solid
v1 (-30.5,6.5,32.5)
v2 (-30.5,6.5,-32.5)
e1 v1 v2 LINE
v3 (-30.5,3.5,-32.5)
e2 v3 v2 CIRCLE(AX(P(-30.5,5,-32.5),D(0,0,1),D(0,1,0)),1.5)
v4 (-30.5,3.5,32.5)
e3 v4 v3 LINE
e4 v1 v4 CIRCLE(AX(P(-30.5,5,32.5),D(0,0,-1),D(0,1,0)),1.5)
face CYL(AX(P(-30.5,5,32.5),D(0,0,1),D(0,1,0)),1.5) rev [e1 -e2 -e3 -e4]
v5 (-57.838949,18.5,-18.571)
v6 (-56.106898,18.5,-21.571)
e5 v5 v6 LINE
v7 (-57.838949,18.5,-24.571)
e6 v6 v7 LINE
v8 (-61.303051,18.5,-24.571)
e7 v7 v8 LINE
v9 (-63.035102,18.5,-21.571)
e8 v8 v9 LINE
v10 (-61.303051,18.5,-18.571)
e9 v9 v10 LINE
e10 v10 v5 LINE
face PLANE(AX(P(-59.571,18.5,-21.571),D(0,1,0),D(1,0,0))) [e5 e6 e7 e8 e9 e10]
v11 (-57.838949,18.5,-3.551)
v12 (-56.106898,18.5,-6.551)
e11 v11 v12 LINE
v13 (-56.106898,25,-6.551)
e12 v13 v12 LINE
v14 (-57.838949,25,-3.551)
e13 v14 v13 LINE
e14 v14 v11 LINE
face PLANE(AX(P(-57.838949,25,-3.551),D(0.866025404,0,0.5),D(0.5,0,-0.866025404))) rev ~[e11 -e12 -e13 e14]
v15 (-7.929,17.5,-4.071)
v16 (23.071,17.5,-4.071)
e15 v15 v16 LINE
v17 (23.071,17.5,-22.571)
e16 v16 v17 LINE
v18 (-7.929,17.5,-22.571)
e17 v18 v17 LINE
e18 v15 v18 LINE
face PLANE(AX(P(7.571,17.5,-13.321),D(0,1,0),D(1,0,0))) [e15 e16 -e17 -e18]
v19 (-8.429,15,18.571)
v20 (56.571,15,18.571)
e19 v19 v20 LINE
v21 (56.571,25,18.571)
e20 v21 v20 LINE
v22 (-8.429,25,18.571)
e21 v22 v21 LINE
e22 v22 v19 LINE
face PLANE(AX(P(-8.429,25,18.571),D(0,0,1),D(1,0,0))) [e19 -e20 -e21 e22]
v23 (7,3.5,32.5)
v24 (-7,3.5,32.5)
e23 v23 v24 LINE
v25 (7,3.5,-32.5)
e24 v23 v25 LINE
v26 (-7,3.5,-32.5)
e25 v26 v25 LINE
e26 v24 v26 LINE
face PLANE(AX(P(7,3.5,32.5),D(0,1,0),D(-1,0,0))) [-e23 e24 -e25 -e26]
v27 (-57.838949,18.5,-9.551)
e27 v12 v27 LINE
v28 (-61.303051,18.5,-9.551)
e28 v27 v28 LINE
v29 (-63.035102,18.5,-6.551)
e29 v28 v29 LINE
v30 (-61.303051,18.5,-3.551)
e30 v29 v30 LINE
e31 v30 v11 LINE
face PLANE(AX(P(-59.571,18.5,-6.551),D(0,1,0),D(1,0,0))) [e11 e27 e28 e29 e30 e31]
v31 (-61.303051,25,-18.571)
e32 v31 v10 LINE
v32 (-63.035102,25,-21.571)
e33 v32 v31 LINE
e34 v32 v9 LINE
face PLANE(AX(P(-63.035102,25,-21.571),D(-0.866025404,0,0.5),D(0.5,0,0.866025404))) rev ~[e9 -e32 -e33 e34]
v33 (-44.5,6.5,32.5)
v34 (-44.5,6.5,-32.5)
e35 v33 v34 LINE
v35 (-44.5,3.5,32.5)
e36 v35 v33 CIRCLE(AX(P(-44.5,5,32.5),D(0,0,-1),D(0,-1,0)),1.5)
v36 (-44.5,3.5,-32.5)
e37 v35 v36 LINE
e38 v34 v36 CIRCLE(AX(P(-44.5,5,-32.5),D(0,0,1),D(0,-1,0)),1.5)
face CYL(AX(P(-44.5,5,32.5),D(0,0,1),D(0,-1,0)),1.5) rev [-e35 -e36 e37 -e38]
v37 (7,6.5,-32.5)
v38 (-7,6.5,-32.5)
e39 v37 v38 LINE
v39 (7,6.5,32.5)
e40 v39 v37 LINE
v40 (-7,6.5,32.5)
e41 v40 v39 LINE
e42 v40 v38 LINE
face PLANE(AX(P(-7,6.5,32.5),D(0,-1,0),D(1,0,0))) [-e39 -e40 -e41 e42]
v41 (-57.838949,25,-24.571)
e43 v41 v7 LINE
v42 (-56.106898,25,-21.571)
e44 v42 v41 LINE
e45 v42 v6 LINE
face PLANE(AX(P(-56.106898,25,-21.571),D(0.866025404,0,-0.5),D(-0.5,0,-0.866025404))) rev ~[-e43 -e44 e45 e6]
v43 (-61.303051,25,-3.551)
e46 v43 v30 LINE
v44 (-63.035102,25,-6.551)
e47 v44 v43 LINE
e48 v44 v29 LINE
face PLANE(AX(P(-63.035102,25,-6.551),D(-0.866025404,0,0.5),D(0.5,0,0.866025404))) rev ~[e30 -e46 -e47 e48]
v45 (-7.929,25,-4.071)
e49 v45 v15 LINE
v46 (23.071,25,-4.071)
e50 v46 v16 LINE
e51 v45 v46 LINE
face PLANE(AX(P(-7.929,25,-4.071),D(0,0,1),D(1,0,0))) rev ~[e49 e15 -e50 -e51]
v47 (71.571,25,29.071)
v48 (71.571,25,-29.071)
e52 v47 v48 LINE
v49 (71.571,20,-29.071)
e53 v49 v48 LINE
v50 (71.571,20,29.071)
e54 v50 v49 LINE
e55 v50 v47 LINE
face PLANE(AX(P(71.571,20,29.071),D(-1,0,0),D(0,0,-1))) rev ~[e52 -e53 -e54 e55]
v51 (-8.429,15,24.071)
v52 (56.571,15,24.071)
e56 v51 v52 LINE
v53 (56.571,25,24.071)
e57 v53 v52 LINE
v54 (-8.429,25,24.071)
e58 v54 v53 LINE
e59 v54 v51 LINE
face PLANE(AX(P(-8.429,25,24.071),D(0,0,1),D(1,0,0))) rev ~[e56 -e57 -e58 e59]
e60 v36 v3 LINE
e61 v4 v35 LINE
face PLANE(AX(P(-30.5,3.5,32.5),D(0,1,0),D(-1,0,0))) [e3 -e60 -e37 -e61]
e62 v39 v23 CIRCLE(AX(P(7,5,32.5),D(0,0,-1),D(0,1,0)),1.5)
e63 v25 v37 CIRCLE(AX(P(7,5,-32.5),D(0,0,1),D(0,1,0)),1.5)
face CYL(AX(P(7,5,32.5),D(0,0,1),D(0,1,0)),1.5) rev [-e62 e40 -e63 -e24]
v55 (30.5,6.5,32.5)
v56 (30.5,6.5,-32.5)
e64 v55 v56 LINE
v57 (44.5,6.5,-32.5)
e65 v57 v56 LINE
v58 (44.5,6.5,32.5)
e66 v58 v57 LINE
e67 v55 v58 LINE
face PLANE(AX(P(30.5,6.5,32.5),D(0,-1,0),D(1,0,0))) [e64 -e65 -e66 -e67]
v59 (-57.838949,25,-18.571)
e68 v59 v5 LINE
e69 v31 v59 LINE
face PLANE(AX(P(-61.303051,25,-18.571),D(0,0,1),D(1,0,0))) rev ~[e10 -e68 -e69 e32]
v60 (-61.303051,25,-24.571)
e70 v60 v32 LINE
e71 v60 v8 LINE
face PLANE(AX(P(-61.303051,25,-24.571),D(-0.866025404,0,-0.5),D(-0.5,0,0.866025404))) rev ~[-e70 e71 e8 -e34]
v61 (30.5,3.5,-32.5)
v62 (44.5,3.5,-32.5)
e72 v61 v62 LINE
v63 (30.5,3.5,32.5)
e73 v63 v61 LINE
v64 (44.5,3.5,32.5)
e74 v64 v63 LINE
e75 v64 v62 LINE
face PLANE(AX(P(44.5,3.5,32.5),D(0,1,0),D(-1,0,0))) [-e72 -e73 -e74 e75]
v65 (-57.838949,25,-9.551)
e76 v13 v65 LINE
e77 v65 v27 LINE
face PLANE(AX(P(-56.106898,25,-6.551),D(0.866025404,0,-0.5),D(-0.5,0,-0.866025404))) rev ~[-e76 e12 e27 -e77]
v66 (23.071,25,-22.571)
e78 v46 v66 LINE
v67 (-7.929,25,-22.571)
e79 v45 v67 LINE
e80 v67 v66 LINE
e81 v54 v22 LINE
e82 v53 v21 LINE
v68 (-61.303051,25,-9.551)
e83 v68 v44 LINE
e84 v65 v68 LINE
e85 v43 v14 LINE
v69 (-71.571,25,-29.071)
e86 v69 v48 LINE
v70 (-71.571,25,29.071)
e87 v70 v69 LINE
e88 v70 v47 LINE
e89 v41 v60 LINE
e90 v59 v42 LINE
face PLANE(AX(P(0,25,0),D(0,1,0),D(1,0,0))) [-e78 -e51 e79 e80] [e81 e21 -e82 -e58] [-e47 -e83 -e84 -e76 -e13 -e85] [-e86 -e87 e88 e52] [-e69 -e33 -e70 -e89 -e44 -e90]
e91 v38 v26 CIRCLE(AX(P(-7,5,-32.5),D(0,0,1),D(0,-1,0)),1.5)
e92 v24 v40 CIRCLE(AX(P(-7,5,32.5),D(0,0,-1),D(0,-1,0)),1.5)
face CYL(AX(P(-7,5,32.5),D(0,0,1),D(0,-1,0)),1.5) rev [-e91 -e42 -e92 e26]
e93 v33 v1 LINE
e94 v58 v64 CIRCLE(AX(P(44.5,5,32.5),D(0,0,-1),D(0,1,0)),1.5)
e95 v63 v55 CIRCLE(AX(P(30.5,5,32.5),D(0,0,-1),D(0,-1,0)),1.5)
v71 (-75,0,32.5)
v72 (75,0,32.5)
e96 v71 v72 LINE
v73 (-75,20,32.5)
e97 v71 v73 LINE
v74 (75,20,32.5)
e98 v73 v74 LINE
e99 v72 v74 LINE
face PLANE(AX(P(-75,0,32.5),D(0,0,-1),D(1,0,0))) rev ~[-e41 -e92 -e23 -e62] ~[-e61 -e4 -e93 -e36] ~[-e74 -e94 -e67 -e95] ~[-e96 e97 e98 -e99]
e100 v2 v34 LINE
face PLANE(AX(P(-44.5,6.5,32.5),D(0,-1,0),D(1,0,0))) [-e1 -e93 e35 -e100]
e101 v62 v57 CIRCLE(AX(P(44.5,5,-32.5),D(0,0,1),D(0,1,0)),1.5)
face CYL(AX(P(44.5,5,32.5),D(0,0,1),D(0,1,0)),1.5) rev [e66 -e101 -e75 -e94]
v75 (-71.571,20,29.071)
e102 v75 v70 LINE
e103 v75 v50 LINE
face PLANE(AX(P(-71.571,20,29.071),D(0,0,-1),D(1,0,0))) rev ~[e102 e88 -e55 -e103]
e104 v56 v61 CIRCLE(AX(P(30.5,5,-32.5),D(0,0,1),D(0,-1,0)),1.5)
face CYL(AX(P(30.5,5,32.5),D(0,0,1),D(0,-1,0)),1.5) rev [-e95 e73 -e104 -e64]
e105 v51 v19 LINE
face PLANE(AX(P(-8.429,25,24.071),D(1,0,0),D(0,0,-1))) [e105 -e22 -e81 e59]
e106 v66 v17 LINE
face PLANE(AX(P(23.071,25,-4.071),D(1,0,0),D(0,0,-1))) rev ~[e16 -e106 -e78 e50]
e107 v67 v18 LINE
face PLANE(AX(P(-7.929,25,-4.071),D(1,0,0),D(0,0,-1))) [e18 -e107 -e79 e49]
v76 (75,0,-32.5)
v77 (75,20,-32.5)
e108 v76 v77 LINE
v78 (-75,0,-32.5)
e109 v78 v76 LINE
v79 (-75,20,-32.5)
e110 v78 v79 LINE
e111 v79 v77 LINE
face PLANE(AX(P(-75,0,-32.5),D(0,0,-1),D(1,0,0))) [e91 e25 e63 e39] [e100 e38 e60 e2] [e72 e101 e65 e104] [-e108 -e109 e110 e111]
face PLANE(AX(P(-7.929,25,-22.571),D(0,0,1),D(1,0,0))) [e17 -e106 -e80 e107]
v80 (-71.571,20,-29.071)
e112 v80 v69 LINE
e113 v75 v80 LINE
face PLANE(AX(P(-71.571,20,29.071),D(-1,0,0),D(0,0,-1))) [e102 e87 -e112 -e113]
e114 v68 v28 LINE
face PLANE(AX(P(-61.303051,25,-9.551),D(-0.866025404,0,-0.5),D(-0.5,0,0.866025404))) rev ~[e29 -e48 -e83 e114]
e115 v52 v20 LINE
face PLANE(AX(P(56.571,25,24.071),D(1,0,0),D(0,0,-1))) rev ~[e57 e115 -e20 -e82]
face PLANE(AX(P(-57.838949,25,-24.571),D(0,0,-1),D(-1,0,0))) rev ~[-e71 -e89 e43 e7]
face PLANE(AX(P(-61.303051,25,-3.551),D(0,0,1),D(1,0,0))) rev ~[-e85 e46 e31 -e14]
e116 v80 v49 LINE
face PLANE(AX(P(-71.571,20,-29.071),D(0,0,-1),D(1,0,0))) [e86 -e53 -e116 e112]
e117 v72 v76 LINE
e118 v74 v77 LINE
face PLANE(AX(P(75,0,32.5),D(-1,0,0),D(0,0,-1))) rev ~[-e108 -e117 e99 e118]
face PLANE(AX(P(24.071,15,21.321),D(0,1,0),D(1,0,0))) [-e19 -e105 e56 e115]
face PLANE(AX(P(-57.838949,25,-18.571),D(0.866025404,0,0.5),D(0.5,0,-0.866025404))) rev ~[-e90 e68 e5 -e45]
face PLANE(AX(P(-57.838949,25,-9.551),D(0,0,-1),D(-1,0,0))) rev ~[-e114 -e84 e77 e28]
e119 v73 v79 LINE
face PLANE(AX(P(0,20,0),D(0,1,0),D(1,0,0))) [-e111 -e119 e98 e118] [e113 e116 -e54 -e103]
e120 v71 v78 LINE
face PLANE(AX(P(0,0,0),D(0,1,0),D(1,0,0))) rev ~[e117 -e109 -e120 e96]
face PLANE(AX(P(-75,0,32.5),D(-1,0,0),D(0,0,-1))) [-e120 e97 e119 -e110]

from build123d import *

# Parameters (mm, degrees)
SKETCH1_W           = 150
SKETCH1_H           = 65
BOSS_EXTRUDE1_DEPTH = 20
CUT_EXTRUDE1_DEPTH  = 66
SKETCH3_W           = 143.142
SKETCH3_H           = 58.142
BOSS_EXTRUDE2_DEPTH = 5
CUT_EXTRUDE2_DEPTH  = 6.5
SKETCH6_W           = 65
SKETCH6_H           = 5.5
CUT_EXTRUDE3_DEPTH  = 10
SKETCH7_W           = 31
SKETCH7_H           = 18.5
CUT_EXTRUDE4_DEPTH  = 7.5


with BuildPart() as part:
    # Sketch1 → Boss-Extrude1 (new body)
    with BuildSketch(Plane(origin=(0, 0, 0), x_dir=(1, 0, 0), z_dir=(0, 1, 0))):
        Rectangle(SKETCH1_W, SKETCH1_H)
    extrude(amount=BOSS_EXTRUDE1_DEPTH)

    # Sketch2 → Cut-Extrude1 (cut, through all)
    with BuildSketch(Plane.XY.offset(32.5)):
        with BuildLine():
            Line((-7, 6.5), (7, 6.5))
            ThreePointArc((7, 6.5), (8.5, 5), (7, 3.5))
            Line((7, 3.5), (-7, 3.5))
            ThreePointArc((-7, 3.5), (-8.5, 5), (-7, 6.5))
        make_face()
        with BuildLine():
            Line((-44.5, 6.5), (-30.5, 6.5))
            ThreePointArc((-30.5, 6.5), (-29, 5), (-30.5, 3.5))
            Line((-30.5, 3.5), (-44.5, 3.5))
            ThreePointArc((-44.5, 3.5), (-46, 5), (-44.5, 6.5))
        make_face()
        with BuildLine():
            Line((30.5, 6.5), (44.5, 6.5))
            ThreePointArc((44.5, 6.5), (46, 5), (44.5, 3.5))
            Line((44.5, 3.5), (30.5, 3.5))
            ThreePointArc((30.5, 3.5), (29, 5), (30.5, 6.5))
        make_face()
    extrude(amount=-CUT_EXTRUDE1_DEPTH, mode=Mode.SUBTRACT)

    # Sketch3 → Boss-Extrude2 (add)
    with BuildSketch(Plane(origin=(0, 20, 0), x_dir=(1, 0, 0), z_dir=(0, 1, 0))):
        Rectangle(SKETCH3_W, SKETCH3_H)
    extrude(amount=BOSS_EXTRUDE2_DEPTH)

    # Sketch4 → Cut-Extrude2 (cut)
    with BuildSketch(Plane(origin=(0, 25, 0), x_dir=(1, 0, 0), z_dir=(0, 1, 0))):
        Polygon((-61.303050808, 24.571), (-63.035101615, 21.571), (-61.303050808, 18.571), (-57.838949192, 18.571), (-56.106898385, 21.571), (-57.838949192, 24.571), align=None)
        Polygon((-61.303050808, 9.551), (-63.035101615, 6.551), (-61.303050808, 3.551), (-57.838949192, 3.551), (-56.106898385, 6.551), (-57.838949192, 9.551), align=None)
    extrude(amount=-CUT_EXTRUDE2_DEPTH, mode=Mode.SUBTRACT)

    # Sketch6 → Cut-Extrude3 (cut)
    with BuildSketch(Plane(origin=(0, 25, 0), x_dir=(1, 0, 0), z_dir=(0, 1, 0))):
        with Locations((24.071, -21.321)):
            Rectangle(SKETCH6_W, SKETCH6_H)
    extrude(amount=-CUT_EXTRUDE3_DEPTH, mode=Mode.SUBTRACT)

    # Sketch7 → Cut-Extrude4 (cut)
    with BuildSketch(Plane(origin=(0, 25, 0), x_dir=(1, 0, 0), z_dir=(0, 1, 0))):
        with Locations((7.571, 13.321)):
            Rectangle(SKETCH7_W, SKETCH7_H)
    extrude(amount=-CUT_EXTRUDE4_DEPTH, mode=Mode.SUBTRACT)


solid = part.part
